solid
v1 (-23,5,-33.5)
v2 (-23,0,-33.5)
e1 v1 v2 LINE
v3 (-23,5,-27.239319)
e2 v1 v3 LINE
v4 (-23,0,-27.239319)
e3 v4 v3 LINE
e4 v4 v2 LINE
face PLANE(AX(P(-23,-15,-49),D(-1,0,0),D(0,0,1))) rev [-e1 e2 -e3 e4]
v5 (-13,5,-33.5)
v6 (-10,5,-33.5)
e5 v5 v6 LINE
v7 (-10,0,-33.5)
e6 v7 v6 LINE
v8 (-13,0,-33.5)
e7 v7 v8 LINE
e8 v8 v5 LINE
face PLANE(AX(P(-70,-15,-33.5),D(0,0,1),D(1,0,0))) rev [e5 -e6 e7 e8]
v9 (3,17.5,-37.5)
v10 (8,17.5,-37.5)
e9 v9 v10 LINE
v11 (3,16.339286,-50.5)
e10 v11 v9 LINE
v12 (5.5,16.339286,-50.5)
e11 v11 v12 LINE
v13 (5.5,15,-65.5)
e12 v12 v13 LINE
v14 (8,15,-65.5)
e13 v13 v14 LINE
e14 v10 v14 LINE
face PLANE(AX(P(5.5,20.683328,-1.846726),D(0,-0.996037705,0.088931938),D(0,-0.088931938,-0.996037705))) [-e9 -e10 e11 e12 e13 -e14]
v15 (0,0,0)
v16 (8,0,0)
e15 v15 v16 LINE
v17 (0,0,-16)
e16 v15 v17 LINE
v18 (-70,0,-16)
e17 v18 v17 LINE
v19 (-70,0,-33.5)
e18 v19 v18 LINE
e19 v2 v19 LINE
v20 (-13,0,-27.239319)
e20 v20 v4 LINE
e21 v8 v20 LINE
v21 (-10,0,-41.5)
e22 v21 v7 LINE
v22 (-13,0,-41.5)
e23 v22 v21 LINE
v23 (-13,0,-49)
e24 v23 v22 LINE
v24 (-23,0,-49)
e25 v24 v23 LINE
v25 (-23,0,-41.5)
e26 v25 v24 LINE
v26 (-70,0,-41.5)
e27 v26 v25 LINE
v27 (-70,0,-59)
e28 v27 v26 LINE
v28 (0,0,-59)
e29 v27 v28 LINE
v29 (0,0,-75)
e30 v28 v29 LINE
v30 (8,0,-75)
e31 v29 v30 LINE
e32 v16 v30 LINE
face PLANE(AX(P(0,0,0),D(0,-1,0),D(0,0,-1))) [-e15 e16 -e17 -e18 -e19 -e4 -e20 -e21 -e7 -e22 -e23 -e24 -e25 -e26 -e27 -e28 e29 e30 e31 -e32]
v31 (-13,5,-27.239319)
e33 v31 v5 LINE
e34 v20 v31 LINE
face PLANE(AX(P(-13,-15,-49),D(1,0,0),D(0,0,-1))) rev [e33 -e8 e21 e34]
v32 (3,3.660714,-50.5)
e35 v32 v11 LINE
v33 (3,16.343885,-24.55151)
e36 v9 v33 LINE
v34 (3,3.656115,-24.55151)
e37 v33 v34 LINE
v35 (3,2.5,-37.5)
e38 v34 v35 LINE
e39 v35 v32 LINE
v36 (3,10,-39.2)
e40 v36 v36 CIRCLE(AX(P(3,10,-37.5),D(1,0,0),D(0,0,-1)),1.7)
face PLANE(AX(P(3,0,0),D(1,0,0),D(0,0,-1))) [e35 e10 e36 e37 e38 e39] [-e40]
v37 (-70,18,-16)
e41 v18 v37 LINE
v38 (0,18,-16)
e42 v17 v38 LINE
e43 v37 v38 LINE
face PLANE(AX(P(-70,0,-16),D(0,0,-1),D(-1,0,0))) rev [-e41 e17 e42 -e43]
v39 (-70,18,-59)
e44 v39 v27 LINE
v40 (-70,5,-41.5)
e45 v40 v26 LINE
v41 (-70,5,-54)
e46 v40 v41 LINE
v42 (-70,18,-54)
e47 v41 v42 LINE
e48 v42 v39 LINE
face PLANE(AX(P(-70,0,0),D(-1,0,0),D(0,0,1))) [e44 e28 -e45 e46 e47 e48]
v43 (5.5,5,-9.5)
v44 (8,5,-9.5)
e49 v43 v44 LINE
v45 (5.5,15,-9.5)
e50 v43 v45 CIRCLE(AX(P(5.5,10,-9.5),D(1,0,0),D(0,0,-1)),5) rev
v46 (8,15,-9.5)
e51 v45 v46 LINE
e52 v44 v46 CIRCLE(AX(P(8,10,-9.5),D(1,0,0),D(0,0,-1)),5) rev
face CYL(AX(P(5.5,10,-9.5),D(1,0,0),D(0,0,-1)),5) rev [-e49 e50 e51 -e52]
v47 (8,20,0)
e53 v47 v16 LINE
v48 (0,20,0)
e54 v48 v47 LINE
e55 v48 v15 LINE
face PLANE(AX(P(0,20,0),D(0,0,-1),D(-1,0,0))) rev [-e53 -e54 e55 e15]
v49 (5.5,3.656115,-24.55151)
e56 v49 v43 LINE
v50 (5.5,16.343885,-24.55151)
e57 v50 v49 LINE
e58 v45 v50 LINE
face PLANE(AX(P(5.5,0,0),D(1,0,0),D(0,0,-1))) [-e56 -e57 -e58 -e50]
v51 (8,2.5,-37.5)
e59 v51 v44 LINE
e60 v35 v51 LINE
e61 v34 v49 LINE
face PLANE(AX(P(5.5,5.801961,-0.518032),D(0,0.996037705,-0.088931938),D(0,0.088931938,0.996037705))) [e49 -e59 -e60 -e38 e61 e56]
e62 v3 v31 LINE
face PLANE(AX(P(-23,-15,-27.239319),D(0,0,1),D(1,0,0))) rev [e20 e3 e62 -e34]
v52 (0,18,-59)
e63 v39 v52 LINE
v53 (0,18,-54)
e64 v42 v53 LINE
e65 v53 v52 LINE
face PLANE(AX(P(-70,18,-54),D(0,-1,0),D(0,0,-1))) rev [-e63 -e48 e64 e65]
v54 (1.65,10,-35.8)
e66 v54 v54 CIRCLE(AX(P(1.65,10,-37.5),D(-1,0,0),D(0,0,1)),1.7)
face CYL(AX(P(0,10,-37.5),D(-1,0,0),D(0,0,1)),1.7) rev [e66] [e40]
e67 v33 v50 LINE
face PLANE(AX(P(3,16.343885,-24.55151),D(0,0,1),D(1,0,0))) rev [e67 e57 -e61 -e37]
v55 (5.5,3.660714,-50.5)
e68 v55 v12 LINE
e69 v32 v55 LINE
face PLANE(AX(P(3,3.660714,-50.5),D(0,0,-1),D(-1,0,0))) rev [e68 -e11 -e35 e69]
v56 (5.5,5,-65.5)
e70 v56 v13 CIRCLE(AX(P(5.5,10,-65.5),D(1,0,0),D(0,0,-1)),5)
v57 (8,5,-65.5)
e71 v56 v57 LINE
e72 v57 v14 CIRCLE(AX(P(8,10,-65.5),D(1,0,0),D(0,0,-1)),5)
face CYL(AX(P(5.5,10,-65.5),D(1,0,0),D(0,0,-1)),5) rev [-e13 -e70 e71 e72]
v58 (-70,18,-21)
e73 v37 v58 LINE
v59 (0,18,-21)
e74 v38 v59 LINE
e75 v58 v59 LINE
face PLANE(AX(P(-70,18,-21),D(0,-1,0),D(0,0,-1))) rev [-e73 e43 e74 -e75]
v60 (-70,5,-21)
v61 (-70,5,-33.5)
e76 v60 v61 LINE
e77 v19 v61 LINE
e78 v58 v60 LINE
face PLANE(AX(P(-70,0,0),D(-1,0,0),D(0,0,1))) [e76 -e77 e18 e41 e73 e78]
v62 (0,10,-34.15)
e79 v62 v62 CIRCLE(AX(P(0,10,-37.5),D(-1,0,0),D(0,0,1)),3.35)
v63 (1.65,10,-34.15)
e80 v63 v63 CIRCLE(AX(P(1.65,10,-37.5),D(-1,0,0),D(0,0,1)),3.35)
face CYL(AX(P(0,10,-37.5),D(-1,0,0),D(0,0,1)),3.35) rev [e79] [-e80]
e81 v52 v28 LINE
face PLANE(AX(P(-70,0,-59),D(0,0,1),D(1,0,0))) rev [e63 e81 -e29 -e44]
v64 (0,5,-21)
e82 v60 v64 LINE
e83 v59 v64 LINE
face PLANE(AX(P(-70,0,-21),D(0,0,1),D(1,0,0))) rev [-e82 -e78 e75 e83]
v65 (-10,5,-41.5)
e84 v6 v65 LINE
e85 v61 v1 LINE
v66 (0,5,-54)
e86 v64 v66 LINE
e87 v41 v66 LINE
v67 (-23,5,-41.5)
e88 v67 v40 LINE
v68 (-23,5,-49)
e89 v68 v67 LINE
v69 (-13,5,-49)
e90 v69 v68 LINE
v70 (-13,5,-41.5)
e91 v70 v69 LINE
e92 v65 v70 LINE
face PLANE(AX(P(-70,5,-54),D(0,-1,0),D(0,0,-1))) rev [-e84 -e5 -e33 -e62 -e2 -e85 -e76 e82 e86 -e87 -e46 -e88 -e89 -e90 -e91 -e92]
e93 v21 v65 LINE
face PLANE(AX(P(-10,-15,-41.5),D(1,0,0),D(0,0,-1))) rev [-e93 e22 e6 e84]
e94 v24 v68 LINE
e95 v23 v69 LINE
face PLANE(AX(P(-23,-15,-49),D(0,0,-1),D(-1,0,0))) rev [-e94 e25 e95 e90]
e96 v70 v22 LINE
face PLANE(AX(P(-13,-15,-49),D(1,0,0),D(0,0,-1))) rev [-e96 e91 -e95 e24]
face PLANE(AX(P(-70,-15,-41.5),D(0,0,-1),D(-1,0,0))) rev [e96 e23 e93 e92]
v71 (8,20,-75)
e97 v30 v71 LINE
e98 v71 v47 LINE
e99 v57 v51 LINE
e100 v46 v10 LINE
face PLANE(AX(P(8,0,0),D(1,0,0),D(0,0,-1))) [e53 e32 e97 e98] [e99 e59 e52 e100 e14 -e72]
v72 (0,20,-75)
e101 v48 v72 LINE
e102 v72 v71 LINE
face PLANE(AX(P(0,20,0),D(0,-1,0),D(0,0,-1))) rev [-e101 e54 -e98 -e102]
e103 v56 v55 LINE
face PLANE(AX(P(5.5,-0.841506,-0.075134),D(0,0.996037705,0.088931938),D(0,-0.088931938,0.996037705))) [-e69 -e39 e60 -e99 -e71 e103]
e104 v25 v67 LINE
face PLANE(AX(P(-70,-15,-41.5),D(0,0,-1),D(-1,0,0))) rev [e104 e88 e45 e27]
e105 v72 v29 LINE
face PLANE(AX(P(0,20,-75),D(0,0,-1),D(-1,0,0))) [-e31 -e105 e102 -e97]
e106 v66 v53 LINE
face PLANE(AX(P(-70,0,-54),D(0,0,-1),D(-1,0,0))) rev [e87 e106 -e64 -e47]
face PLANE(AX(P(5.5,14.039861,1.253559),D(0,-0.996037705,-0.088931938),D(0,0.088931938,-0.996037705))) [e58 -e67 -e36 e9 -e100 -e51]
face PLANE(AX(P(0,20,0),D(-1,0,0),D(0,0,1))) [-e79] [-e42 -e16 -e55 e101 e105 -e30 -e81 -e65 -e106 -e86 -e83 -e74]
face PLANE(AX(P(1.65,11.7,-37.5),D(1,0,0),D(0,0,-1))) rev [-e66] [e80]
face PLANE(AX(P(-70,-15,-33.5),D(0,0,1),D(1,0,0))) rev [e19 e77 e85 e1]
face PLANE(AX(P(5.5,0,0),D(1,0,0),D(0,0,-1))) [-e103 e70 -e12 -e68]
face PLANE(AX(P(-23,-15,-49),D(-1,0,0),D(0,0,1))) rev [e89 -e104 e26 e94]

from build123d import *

# Parameters (mm, degrees)
SKETCH_1_W                   = 10
SKETCH_1_H                   = 75
EXTRUDE_2_DEPTH              = 20
SKETCH_4_W                   = 75
SKETCH_4_H                   = 20
CUT_EXTRUDE_3_DEPTH          = 2
CUT_EXTRUDE_4_DEPTH          = 2.5
CUT_EXTRUDE_5_DEPTH          = 5
SKETCH_10_W                  = 33
SKETCH_10_H                  = 5
EXTRUDE_3_DEPTH              = 70
SKETCH_11_W                  = 5
SKETCH_11_H                  = 18
EXTRUDE_4_DEPTH              = 70
SKETCH_12_W                  = 5
SKETCH_12_H                  = 18
EXTRUDE_5_DEPTH              = 70
SKETCH_13_W                  = 60
SKETCH_13_H                  = 8
CUT_EXTRUDE_6_DEPTH          = 20
SKETCH_14_W                  = 10
SKETCH_14_H                  = 21.760680977
CUT_EXTRUDE_7_DEPTH          = 20
HOLE_WIZARD_M3_1_D           = 3.4
HOLE_WIZARD_M3_1_DEPTH       = 20
HOLE_WIZARD_M3_1_CBORE_D     = 6.7
HOLE_WIZARD_M3_1_CBORE_DEPTH = 1.65
HOLE_WIZARD_M3_1_TIP         = 1.021463052


with BuildPart() as part:
    # 草图1 → 凸台-拉伸2 (new body)
    with BuildSketch(Plane(origin=(0, 0, 0), x_dir=(1, 0, 0), z_dir=(0, 1, 0))):
        with Locations((5, 37.5)):
            Rectangle(SKETCH_1_W, SKETCH_1_H)
    extrude(amount=EXTRUDE_2_DEPTH)

    # 草图4 → 切除-拉伸3 (cut)
    with BuildSketch(Plane(origin=(10, 0, 0), x_dir=(0, 0, -1), z_dir=(1, 0, 0))):
        with Locations((37.5, 10)):
            Rectangle(SKETCH_4_W, SKETCH_4_H)
    extrude(amount=-CUT_EXTRUDE_3_DEPTH, mode=Mode.SUBTRACT)

    # 草图5 → 切除-拉伸4 (cut)
    with BuildSketch(Plane(origin=(8, 0, 0), x_dir=(0, 0, -1), z_dir=(1, 0, 0))):
        with BuildLine():
            Line((65.5, 15), (38.828693451, 17.381366656))
            ThreePointArc((38.828693451, 17.381366656), (43.253920441, 14.810654795), (45, 10))
            ThreePointArc((45, 10), (43.253920441, 5.189345205), (38.828693451, 2.618633344))
            Line((38.828693451, 2.618633344), (65.5, 5))
            ThreePointArc((65.5, 5), (70.5, 10), (65.5, 15))
        make_face()
        with BuildLine():
            Line((37.5, 17.5), (36.171306549, 17.381366656))
            ThreePointArc((36.171306549, 17.381366656), (30, 10), (36.171306549, 2.618633344))
            Line((36.171306549, 2.618633344), (37.5, 2.5))
            Line((37.5, 2.5), (38.828693451, 2.618633344))
            ThreePointArc((38.828693451, 2.618633344), (43.253920441, 5.189345205), (45, 10))
            ThreePointArc((45, 10), (43.253920441, 14.810654795), (38.828693451, 17.381366656))
            Line((38.828693451, 17.381366656), (37.5, 17.5))
        make_face()
        with BuildLine():
            Line((36.171306549, 17.381366656), (9.5, 15))
            ThreePointArc((9.5, 15), (4.5, 10), (9.5, 5))
            Line((9.5, 5), (36.171306549, 2.618633344))
            ThreePointArc((36.171306549, 2.618633344), (30, 10), (36.171306549, 17.381366656))
        make_face()
    extrude(amount=-CUT_EXTRUDE_4_DEPTH, mode=Mode.SUBTRACT)

    # 草图6 → 切除-拉伸5 (cut)
    with BuildSketch(Plane(origin=(8, 0, 0), x_dir=(0, 0, -1), z_dir=(1, 0, 0))):
        Polygon((37.5, 17.5), (24.551509831, 16.343884806), (24.551509831, 3.656115194), (37.5, 2.5), (50.5, 3.660714286), (50.5, 16.339285714), align=None)
    extrude(amount=-CUT_EXTRUDE_5_DEPTH, mode=Mode.SUBTRACT)

    # 草图10 → 凸台-拉伸3 (add)
    with BuildSketch(Plane.ZY):
        with Locations((-37.5, 2.5)):
            Rectangle(SKETCH_10_W, SKETCH_10_H)
    extrude(amount=EXTRUDE_3_DEPTH)

    # 草图11 → 凸台-拉伸4 (add)
    with BuildSketch(Plane.ZY):
        with Locations((-18.5, 9)):
            Rectangle(SKETCH_11_W, SKETCH_11_H)
    extrude(amount=EXTRUDE_4_DEPTH)

    # 草图12 → 凸台-拉伸5 (add)
    with BuildSketch(Plane.ZY):
        with Locations((-56.5, 9)):
            Rectangle(SKETCH_12_W, SKETCH_12_H)
    extrude(amount=EXTRUDE_5_DEPTH)

    # 草图13 → 切除-拉伸6 (cut)
    with BuildSketch(Plane(origin=(0, 5, 0), x_dir=(1, 0, 0), z_dir=(0, 1, 0))):
        with Locations((-40, 37.5)):
            Rectangle(SKETCH_13_W, SKETCH_13_H)
    extrude(amount=-CUT_EXTRUDE_6_DEPTH, mode=Mode.SUBTRACT)

    # 草图14 → 切除-拉伸7 (cut)
    with BuildSketch(Plane(origin=(0, 5, 0), x_dir=(1, 0, 0), z_dir=(0, 1, 0))):
        with Locations((-18, 38.119659512)):
            Rectangle(SKETCH_14_W, SKETCH_14_H)
    extrude(amount=-CUT_EXTRUDE_7_DEPTH, mode=Mode.SUBTRACT)

    # M3 凹圆头螺钉的柱形沉头孔1
    with Locations(Plane(origin=(0, 10, -37.5), x_dir=(0, 0, -1), z_dir=(-1, 0, 0))):
        with Locations((0, 0)):
            CounterBoreHole(HOLE_WIZARD_M3_1_D / 2, HOLE_WIZARD_M3_1_CBORE_D / 2, HOLE_WIZARD_M3_1_CBORE_DEPTH, depth=HOLE_WIZARD_M3_1_DEPTH)
            with Locations((0, 0, -(HOLE_WIZARD_M3_1_DEPTH + HOLE_WIZARD_M3_1_TIP / 2))):  # 118° drill point
                Cone(0, HOLE_WIZARD_M3_1_D / 2, HOLE_WIZARD_M3_1_TIP, mode=Mode.SUBTRACT)


solid = part.part
